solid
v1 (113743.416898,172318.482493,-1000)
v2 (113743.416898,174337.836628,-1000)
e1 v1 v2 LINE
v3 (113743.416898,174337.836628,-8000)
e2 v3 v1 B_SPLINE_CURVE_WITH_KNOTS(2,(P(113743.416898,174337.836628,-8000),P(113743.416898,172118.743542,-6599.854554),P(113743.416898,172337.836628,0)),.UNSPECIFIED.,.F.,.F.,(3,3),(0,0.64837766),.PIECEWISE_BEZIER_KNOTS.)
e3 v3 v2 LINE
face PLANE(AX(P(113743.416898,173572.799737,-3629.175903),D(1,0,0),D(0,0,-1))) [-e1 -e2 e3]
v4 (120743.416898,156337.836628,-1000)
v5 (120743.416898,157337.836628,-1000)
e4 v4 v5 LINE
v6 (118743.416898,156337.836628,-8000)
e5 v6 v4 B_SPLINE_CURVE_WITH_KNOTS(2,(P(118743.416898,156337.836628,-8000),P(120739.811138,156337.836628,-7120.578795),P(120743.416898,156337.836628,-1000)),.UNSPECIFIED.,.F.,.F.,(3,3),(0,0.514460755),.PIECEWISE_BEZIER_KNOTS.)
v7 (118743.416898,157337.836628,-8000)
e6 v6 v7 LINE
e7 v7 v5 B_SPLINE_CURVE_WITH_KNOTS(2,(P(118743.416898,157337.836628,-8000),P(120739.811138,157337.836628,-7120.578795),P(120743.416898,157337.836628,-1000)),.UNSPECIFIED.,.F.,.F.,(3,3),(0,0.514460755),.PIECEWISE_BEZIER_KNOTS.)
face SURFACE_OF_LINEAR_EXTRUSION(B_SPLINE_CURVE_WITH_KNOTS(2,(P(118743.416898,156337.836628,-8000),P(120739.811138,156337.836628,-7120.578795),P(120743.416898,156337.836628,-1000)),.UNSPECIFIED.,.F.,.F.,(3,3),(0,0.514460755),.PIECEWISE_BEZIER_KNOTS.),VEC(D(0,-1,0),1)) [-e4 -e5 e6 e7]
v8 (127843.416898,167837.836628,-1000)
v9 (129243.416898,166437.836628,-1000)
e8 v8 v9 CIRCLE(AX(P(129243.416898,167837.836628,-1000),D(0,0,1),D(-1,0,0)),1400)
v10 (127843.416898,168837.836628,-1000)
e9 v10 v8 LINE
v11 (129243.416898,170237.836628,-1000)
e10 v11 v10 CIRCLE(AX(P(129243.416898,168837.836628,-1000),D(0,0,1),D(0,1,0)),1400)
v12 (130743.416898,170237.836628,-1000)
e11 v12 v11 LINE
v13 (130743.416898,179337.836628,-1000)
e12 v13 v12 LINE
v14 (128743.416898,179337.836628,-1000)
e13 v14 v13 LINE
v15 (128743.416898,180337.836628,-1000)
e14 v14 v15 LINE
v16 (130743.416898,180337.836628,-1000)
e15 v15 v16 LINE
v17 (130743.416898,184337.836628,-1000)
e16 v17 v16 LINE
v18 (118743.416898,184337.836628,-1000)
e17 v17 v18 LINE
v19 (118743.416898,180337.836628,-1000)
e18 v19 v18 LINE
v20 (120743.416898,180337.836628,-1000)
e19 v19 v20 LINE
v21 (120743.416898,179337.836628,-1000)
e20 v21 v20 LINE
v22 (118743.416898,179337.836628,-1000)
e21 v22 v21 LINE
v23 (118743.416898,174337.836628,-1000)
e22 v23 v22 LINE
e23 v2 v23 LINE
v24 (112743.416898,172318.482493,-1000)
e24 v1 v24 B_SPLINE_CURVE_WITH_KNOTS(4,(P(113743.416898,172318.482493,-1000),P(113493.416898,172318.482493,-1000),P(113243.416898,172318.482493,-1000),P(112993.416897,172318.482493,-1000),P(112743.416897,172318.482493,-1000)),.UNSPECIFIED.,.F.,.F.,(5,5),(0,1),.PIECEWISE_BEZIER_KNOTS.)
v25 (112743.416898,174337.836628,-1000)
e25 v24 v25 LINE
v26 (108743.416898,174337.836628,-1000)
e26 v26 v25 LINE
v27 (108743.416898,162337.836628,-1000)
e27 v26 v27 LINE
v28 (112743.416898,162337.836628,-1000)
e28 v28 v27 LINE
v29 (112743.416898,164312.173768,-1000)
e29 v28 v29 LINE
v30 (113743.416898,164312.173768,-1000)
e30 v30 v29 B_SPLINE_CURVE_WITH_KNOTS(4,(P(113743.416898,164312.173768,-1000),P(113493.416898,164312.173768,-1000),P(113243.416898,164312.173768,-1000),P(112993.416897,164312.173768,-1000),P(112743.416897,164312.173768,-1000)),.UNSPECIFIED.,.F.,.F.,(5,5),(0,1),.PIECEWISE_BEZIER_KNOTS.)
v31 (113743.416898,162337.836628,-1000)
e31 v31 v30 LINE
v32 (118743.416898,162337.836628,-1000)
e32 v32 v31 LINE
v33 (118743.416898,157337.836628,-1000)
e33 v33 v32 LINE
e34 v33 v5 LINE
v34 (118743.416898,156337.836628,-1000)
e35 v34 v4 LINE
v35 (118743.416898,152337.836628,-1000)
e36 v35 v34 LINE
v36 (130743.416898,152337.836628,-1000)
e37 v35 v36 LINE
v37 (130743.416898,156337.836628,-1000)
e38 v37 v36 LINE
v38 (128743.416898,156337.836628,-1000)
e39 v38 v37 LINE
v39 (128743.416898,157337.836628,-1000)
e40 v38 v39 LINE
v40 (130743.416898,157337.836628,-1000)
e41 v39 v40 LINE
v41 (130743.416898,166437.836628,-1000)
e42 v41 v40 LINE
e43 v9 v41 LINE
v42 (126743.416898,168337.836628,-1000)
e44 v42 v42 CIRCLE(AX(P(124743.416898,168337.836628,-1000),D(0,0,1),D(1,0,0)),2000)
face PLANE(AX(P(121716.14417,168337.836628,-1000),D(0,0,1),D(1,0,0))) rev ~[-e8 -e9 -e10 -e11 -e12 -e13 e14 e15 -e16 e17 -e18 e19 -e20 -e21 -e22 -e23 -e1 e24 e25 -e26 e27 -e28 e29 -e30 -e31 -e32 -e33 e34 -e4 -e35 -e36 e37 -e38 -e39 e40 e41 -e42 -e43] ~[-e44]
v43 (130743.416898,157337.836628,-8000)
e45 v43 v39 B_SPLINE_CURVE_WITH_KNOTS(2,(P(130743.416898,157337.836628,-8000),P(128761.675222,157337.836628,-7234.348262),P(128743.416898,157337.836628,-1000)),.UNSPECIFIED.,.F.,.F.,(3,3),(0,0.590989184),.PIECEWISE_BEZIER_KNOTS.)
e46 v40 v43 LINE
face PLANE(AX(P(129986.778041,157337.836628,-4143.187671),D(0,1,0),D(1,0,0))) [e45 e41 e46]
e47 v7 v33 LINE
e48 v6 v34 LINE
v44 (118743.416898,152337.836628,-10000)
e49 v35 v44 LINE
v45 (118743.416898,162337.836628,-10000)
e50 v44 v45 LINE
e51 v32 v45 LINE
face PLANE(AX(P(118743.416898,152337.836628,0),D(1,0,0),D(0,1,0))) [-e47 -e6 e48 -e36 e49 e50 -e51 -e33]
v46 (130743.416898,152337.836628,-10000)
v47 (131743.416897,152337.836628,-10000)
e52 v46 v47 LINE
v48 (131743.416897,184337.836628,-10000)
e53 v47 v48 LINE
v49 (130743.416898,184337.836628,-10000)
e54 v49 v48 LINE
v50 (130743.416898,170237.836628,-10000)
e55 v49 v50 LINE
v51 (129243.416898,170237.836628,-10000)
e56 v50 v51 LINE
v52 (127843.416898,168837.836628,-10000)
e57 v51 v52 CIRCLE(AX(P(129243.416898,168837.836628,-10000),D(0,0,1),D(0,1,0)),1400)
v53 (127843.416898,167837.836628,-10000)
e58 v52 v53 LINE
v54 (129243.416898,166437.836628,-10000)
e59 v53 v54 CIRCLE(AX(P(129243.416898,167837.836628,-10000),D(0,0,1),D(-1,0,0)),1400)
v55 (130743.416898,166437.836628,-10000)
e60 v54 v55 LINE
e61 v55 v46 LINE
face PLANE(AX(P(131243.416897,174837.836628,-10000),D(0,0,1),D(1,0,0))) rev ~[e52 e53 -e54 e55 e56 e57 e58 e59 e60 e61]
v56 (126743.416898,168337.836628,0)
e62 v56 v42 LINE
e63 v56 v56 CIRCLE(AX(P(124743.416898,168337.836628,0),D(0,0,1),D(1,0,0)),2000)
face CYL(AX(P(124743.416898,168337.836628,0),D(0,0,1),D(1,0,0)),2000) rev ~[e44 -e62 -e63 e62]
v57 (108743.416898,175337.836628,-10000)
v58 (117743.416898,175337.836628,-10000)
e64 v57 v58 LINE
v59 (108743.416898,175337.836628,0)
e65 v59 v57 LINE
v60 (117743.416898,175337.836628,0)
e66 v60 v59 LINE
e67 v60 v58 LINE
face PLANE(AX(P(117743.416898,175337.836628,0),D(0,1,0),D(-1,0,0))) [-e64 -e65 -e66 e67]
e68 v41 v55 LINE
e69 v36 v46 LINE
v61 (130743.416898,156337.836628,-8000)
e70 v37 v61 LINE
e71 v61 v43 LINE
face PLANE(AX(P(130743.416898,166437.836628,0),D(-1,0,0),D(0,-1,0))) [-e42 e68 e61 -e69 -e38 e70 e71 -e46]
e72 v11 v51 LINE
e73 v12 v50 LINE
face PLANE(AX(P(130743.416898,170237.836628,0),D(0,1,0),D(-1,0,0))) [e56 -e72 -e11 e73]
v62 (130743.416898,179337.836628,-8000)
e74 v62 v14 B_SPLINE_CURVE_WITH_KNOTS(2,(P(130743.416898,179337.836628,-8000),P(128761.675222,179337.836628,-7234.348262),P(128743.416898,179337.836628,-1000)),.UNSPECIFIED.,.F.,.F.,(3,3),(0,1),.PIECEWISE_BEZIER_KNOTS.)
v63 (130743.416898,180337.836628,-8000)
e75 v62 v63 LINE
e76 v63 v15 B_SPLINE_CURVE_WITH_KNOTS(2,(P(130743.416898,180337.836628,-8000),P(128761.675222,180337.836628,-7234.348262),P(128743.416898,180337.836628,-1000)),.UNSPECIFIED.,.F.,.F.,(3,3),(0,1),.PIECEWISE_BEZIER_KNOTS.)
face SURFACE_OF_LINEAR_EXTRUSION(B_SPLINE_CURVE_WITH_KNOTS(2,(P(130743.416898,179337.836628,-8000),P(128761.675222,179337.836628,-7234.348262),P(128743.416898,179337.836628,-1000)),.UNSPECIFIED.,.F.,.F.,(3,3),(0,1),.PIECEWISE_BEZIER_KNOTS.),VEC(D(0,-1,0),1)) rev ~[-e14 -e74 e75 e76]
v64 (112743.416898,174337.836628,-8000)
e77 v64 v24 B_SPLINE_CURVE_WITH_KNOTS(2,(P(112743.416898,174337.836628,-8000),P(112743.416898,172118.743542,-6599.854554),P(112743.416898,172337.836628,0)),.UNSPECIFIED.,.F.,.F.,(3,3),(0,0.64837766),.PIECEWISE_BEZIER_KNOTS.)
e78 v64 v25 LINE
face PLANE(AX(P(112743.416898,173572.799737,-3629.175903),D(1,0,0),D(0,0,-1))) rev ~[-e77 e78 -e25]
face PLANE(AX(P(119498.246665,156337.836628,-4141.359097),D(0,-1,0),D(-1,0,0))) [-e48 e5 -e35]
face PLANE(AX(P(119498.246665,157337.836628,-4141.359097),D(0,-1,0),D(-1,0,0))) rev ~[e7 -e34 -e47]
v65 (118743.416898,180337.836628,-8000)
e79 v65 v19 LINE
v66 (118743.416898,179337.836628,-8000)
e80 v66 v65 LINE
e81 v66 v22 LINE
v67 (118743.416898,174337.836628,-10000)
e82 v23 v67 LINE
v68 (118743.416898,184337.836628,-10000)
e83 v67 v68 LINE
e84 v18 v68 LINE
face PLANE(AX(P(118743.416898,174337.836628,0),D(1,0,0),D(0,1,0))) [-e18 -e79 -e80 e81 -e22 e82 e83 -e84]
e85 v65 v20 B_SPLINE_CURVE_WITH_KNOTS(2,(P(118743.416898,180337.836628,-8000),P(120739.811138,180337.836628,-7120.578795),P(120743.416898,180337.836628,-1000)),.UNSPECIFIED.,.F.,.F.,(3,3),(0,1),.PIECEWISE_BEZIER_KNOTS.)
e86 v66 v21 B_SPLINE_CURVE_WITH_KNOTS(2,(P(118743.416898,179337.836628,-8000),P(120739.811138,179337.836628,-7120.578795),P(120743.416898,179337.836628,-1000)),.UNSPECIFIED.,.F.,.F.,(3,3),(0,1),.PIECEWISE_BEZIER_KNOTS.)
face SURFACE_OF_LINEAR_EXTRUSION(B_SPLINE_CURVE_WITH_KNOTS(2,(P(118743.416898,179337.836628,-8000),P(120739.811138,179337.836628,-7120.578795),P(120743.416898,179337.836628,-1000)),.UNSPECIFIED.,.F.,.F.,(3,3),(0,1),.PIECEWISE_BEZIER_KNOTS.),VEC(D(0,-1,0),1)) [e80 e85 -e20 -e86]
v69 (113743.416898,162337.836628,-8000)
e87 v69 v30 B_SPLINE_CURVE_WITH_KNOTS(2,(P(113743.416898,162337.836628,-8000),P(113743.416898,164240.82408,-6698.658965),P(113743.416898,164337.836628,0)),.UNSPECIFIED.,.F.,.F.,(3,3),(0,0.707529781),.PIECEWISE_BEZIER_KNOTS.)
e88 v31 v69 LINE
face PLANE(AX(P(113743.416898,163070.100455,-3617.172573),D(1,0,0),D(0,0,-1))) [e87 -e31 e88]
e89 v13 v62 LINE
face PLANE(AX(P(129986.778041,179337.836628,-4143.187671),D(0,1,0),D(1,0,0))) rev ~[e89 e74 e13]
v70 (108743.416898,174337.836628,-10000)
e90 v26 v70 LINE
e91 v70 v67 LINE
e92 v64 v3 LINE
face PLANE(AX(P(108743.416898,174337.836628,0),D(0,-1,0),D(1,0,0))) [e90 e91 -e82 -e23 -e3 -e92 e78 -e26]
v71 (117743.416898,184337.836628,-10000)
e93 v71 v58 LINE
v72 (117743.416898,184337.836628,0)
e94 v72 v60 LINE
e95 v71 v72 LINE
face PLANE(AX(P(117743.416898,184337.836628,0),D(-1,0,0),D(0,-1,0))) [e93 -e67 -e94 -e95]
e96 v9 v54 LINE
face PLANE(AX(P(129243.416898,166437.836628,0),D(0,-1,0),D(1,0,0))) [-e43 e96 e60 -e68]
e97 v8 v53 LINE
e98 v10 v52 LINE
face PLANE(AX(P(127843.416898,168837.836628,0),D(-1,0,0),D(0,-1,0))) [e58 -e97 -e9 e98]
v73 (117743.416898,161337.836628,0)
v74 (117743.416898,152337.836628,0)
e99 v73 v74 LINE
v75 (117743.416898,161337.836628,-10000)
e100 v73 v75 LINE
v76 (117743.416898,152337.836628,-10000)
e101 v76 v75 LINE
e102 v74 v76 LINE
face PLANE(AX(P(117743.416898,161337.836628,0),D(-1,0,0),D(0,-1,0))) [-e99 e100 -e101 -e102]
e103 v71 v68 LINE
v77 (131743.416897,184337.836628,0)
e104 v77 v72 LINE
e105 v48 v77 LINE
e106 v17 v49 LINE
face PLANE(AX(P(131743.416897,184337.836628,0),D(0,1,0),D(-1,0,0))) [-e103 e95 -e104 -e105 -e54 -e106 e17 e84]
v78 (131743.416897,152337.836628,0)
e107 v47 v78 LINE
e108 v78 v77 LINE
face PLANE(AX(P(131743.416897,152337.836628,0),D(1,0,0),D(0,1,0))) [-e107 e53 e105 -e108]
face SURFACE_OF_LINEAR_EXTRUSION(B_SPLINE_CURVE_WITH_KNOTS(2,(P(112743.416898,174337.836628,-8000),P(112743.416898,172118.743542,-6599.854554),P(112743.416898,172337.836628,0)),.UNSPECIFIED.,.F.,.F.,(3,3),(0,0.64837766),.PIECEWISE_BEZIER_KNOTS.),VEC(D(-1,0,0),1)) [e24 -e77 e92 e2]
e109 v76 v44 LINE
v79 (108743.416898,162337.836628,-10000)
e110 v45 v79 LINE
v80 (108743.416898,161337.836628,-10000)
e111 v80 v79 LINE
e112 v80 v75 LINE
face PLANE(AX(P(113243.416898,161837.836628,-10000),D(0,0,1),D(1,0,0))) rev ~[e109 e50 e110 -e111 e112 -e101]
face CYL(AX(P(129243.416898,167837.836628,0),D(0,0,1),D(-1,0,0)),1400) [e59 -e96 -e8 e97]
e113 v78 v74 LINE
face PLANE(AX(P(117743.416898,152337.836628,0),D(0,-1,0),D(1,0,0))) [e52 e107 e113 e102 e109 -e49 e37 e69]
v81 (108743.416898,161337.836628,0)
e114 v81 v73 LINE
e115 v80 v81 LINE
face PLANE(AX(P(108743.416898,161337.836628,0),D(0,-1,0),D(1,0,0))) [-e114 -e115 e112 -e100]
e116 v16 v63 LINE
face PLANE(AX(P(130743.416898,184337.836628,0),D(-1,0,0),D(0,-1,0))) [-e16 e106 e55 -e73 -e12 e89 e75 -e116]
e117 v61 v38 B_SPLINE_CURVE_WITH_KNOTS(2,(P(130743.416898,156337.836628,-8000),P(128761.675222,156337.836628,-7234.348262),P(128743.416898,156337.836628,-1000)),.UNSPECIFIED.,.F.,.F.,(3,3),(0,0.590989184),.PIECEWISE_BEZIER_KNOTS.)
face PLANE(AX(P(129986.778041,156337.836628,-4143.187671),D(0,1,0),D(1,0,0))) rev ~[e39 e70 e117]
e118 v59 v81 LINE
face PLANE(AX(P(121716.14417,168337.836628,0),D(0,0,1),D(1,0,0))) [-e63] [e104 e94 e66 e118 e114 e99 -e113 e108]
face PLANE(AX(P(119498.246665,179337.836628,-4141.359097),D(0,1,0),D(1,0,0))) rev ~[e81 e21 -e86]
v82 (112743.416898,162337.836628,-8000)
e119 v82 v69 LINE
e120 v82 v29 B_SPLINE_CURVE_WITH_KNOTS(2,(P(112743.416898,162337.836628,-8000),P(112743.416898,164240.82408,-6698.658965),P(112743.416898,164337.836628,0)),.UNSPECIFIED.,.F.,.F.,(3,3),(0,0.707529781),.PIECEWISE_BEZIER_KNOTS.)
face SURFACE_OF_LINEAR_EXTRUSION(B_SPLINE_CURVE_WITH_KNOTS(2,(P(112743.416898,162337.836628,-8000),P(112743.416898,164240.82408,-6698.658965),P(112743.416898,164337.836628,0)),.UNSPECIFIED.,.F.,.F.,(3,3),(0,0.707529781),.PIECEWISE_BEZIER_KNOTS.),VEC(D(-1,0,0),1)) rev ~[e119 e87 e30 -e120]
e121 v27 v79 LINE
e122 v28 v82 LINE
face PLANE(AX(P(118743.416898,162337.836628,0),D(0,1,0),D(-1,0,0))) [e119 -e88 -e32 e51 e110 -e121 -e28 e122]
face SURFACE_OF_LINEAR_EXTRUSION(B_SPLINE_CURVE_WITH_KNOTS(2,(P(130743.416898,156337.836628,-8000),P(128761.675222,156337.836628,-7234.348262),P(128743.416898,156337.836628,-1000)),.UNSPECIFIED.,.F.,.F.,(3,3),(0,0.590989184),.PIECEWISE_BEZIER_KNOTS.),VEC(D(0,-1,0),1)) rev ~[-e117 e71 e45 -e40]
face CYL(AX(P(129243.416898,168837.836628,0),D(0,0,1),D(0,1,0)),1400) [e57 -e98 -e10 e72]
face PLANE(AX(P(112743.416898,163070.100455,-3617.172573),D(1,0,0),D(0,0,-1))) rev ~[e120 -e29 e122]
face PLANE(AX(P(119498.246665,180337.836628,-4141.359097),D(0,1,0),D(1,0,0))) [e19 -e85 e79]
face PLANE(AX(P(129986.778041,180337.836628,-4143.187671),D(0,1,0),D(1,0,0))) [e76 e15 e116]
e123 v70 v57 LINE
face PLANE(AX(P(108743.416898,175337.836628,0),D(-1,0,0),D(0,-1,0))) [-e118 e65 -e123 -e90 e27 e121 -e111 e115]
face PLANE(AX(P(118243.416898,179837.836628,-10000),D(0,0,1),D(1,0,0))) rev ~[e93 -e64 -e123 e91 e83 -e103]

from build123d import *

# Parameters (mm, degrees)
CROQUIS1_R                   = 2000
SALIENTE_EXTRUIR1_DEPTH      = 1000
SALIENTE_EXTRUIR2_DEPTH      = 10000
SALIENTE_EXTRUIR3_DEPTH      = 500
SALIENTE_EXTRUIR3_DEPTH_BACK = 500
SALIENTE_EXTRUIR4_DEPTH      = 500
SALIENTE_EXTRUIR4_DEPTH_BACK = 500
SALIENTE_EXTRUIR5_DEPTH      = 500
SALIENTE_EXTRUIR5_DEPTH_BACK = 500


with BuildPart() as part:
    # Croquis1 → Saliente-Extruir1 (new body)
    with BuildSketch(Plane.XY):
        Polygon((117743.416897498, 161337.836627923), (117743.416897498, 152337.836627923), (131743.416897498, 152337.836627923), (131743.416897498, 184337.836627923), (117743.416897498, 184337.836627923), (117743.416897498, 175337.836627923), (108743.416897498, 175337.836627923), (108743.416897498, 161337.836627923), align=None)
        with Locations((124743.416897498, 168337.836627923)):
            Circle(CROQUIS1_R, mode=Mode.SUBTRACT)
    extrude(amount=-SALIENTE_EXTRUIR1_DEPTH)

    # Croquis1<6> → Saliente-Extruir2 (add)
    with BuildSketch(Plane.XY):
        Polygon((117743.416897498, 161337.836627923), (117743.416897498, 152337.836627923), (118743.416897498, 152337.836627923), (118743.416897498, 162337.836627923), (108743.416897498, 162337.836627923), (108743.416897498, 161337.836627923), align=None)
        with BuildLine():
            Line((130743.416897498, 152337.836627923), (131743.416897498, 152337.836627923))
            Line((131743.416897498, 152337.836627923), (131743.416897498, 184337.836627923))
            Line((131743.416897498, 184337.836627923), (130743.416897498, 184337.836627923))
            Line((130743.416897498, 184337.836627923), (130743.416897498, 170237.836627923))
            Line((130743.416897498, 170237.836627923), (129243.416897498, 170237.836627923))
            ThreePointArc((129243.416897498, 170237.836627923), (128253.467403837, 169827.786121585), (127843.416897498, 168837.836627923))
            Line((127843.416897498, 168837.836627923), (127843.416897498, 167837.836627923))
            ThreePointArc((127843.416897498, 167837.836627923), (128253.467403837, 166847.887134262), (129243.416897498, 166437.836627923))
            Line((129243.416897498, 166437.836627923), (130743.416897498, 166437.836627923))
            Line((130743.416897498, 166437.836627923), (130743.416897498, 152337.836627923))
        make_face()
        Polygon((108743.416897498, 174337.836627923), (118743.416897498, 174337.836627923), (118743.416897498, 184337.836627923), (117743.416897498, 184337.836627923), (117743.416897498, 175337.836627923), (108743.416897498, 175337.836627923), align=None)
    extrude(amount=-SALIENTE_EXTRUIR2_DEPTH)

    # Croquis2 → Saliente-Extruir3 (add, two sides: drawn at the far end of the back side and taken through both)
    with BuildSketch(Plane(origin=(0, 156837.836627923, 0), x_dir=(1, 0, 0), z_dir=(0, 1, 0)).offset(-SALIENTE_EXTRUIR3_DEPTH_BACK)):
        with BuildLine():
            add(Edge.make_bspline(
                [(118743.416897498, 8000), (120739.811138244, 7120.578794783), (120743.416897498, 1000)],
                knots=[0, 0, 0, 0.514460755, 0.514460755, 0.514460755], degree=2))
            Line((118743.416897498, 8000), (118743.416897498, 1000))
            Line((118743.416897498, 1000), (120743.416897498, 1000))
        make_face()
        with BuildLine():
            Line((130743.416897498, 1000), (130743.416897498, 8000))
            add(Edge.make_bspline(
                [(130743.416897498, 8000), (128761.675222051, 7234.348262256), (128743.416897498, 1000)],
                knots=[0, 0, 0, 0.590989184, 0.590989184, 0.590989184], degree=2))
            Line((128743.416897498, 1000), (130743.416897498, 1000))
        make_face()
    extrude(amount=SALIENTE_EXTRUIR3_DEPTH + SALIENTE_EXTRUIR3_DEPTH_BACK)

    # Croquis3 → Saliente-Extruir4 (add, two sides: drawn at the far end of the back side and taken through both)
    with BuildSketch(Plane(origin=(0, 179837.836627923, 0), x_dir=(1, 0, 0), z_dir=(0, 1, 0)).offset(-SALIENTE_EXTRUIR4_DEPTH_BACK)):
        with BuildLine():
            add(Edge.make_bspline(
                [(130743.416897498, 8000), (128761.675222051, 7234.348262256), (128743.416897498, 1000)],
                knots=[0, 0, 0, 1, 1, 1], degree=2))
            Line((128743.416897498, 1000), (130743.416897498, 1000))
            Line((130743.416897498, 1000), (130743.416897498, 8000))
        make_face()
        with BuildLine():
            Line((118743.416897498, 8000), (118743.416897498, 1000))
            Line((118743.416897498, 1000), (120743.416897498, 1000))
            add(Edge.make_bspline(
                [(118743.416897498, 8000), (120739.811138244, 7120.578794783), (120743.416897498, 1000)],
                knots=[0, 0, 0, 1, 1, 1], degree=2))
        make_face()
    extrude(amount=SALIENTE_EXTRUIR4_DEPTH + SALIENTE_EXTRUIR4_DEPTH_BACK)

    # Croquis4 → Saliente-Extruir5 (add, two sides: drawn at the far end of the back side and taken through both)
    with BuildSketch(Plane(origin=(113243.416897498, 0, 0), x_dir=(0, 0, -1), z_dir=(1, 0, 0)).offset(-SALIENTE_EXTRUIR5_DEPTH_BACK)):
        with BuildLine():
            Line((8000, 174337.836627923), (0, 174337.836627923))
            Line((0, 174337.836627923), (0, 172337.836627923))
            add(Edge.make_bspline(
                [(8000, 174337.836627923), (6599.854554041, 172118.74354217), (0, 172337.836627923)],
                knots=[0, 0, 0, 0.64837766, 0.64837766, 0.64837766], degree=2))
        make_face()
        with BuildLine():
            add(Edge.make_bspline(
                [(8000, 162337.836627923), (6698.658965378, 164240.824079883), (0, 164337.836627923)],
                knots=[0, 0, 0, 0.707529781, 0.707529781, 0.707529781], degree=2))
            Line((0, 164337.836627923), (0, 162337.836627923))
            Line((0, 162337.836627923), (8000, 162337.836627923))
        make_face()
    extrude(amount=SALIENTE_EXTRUIR5_DEPTH + SALIENTE_EXTRUIR5_DEPTH_BACK)


solid = part.part
